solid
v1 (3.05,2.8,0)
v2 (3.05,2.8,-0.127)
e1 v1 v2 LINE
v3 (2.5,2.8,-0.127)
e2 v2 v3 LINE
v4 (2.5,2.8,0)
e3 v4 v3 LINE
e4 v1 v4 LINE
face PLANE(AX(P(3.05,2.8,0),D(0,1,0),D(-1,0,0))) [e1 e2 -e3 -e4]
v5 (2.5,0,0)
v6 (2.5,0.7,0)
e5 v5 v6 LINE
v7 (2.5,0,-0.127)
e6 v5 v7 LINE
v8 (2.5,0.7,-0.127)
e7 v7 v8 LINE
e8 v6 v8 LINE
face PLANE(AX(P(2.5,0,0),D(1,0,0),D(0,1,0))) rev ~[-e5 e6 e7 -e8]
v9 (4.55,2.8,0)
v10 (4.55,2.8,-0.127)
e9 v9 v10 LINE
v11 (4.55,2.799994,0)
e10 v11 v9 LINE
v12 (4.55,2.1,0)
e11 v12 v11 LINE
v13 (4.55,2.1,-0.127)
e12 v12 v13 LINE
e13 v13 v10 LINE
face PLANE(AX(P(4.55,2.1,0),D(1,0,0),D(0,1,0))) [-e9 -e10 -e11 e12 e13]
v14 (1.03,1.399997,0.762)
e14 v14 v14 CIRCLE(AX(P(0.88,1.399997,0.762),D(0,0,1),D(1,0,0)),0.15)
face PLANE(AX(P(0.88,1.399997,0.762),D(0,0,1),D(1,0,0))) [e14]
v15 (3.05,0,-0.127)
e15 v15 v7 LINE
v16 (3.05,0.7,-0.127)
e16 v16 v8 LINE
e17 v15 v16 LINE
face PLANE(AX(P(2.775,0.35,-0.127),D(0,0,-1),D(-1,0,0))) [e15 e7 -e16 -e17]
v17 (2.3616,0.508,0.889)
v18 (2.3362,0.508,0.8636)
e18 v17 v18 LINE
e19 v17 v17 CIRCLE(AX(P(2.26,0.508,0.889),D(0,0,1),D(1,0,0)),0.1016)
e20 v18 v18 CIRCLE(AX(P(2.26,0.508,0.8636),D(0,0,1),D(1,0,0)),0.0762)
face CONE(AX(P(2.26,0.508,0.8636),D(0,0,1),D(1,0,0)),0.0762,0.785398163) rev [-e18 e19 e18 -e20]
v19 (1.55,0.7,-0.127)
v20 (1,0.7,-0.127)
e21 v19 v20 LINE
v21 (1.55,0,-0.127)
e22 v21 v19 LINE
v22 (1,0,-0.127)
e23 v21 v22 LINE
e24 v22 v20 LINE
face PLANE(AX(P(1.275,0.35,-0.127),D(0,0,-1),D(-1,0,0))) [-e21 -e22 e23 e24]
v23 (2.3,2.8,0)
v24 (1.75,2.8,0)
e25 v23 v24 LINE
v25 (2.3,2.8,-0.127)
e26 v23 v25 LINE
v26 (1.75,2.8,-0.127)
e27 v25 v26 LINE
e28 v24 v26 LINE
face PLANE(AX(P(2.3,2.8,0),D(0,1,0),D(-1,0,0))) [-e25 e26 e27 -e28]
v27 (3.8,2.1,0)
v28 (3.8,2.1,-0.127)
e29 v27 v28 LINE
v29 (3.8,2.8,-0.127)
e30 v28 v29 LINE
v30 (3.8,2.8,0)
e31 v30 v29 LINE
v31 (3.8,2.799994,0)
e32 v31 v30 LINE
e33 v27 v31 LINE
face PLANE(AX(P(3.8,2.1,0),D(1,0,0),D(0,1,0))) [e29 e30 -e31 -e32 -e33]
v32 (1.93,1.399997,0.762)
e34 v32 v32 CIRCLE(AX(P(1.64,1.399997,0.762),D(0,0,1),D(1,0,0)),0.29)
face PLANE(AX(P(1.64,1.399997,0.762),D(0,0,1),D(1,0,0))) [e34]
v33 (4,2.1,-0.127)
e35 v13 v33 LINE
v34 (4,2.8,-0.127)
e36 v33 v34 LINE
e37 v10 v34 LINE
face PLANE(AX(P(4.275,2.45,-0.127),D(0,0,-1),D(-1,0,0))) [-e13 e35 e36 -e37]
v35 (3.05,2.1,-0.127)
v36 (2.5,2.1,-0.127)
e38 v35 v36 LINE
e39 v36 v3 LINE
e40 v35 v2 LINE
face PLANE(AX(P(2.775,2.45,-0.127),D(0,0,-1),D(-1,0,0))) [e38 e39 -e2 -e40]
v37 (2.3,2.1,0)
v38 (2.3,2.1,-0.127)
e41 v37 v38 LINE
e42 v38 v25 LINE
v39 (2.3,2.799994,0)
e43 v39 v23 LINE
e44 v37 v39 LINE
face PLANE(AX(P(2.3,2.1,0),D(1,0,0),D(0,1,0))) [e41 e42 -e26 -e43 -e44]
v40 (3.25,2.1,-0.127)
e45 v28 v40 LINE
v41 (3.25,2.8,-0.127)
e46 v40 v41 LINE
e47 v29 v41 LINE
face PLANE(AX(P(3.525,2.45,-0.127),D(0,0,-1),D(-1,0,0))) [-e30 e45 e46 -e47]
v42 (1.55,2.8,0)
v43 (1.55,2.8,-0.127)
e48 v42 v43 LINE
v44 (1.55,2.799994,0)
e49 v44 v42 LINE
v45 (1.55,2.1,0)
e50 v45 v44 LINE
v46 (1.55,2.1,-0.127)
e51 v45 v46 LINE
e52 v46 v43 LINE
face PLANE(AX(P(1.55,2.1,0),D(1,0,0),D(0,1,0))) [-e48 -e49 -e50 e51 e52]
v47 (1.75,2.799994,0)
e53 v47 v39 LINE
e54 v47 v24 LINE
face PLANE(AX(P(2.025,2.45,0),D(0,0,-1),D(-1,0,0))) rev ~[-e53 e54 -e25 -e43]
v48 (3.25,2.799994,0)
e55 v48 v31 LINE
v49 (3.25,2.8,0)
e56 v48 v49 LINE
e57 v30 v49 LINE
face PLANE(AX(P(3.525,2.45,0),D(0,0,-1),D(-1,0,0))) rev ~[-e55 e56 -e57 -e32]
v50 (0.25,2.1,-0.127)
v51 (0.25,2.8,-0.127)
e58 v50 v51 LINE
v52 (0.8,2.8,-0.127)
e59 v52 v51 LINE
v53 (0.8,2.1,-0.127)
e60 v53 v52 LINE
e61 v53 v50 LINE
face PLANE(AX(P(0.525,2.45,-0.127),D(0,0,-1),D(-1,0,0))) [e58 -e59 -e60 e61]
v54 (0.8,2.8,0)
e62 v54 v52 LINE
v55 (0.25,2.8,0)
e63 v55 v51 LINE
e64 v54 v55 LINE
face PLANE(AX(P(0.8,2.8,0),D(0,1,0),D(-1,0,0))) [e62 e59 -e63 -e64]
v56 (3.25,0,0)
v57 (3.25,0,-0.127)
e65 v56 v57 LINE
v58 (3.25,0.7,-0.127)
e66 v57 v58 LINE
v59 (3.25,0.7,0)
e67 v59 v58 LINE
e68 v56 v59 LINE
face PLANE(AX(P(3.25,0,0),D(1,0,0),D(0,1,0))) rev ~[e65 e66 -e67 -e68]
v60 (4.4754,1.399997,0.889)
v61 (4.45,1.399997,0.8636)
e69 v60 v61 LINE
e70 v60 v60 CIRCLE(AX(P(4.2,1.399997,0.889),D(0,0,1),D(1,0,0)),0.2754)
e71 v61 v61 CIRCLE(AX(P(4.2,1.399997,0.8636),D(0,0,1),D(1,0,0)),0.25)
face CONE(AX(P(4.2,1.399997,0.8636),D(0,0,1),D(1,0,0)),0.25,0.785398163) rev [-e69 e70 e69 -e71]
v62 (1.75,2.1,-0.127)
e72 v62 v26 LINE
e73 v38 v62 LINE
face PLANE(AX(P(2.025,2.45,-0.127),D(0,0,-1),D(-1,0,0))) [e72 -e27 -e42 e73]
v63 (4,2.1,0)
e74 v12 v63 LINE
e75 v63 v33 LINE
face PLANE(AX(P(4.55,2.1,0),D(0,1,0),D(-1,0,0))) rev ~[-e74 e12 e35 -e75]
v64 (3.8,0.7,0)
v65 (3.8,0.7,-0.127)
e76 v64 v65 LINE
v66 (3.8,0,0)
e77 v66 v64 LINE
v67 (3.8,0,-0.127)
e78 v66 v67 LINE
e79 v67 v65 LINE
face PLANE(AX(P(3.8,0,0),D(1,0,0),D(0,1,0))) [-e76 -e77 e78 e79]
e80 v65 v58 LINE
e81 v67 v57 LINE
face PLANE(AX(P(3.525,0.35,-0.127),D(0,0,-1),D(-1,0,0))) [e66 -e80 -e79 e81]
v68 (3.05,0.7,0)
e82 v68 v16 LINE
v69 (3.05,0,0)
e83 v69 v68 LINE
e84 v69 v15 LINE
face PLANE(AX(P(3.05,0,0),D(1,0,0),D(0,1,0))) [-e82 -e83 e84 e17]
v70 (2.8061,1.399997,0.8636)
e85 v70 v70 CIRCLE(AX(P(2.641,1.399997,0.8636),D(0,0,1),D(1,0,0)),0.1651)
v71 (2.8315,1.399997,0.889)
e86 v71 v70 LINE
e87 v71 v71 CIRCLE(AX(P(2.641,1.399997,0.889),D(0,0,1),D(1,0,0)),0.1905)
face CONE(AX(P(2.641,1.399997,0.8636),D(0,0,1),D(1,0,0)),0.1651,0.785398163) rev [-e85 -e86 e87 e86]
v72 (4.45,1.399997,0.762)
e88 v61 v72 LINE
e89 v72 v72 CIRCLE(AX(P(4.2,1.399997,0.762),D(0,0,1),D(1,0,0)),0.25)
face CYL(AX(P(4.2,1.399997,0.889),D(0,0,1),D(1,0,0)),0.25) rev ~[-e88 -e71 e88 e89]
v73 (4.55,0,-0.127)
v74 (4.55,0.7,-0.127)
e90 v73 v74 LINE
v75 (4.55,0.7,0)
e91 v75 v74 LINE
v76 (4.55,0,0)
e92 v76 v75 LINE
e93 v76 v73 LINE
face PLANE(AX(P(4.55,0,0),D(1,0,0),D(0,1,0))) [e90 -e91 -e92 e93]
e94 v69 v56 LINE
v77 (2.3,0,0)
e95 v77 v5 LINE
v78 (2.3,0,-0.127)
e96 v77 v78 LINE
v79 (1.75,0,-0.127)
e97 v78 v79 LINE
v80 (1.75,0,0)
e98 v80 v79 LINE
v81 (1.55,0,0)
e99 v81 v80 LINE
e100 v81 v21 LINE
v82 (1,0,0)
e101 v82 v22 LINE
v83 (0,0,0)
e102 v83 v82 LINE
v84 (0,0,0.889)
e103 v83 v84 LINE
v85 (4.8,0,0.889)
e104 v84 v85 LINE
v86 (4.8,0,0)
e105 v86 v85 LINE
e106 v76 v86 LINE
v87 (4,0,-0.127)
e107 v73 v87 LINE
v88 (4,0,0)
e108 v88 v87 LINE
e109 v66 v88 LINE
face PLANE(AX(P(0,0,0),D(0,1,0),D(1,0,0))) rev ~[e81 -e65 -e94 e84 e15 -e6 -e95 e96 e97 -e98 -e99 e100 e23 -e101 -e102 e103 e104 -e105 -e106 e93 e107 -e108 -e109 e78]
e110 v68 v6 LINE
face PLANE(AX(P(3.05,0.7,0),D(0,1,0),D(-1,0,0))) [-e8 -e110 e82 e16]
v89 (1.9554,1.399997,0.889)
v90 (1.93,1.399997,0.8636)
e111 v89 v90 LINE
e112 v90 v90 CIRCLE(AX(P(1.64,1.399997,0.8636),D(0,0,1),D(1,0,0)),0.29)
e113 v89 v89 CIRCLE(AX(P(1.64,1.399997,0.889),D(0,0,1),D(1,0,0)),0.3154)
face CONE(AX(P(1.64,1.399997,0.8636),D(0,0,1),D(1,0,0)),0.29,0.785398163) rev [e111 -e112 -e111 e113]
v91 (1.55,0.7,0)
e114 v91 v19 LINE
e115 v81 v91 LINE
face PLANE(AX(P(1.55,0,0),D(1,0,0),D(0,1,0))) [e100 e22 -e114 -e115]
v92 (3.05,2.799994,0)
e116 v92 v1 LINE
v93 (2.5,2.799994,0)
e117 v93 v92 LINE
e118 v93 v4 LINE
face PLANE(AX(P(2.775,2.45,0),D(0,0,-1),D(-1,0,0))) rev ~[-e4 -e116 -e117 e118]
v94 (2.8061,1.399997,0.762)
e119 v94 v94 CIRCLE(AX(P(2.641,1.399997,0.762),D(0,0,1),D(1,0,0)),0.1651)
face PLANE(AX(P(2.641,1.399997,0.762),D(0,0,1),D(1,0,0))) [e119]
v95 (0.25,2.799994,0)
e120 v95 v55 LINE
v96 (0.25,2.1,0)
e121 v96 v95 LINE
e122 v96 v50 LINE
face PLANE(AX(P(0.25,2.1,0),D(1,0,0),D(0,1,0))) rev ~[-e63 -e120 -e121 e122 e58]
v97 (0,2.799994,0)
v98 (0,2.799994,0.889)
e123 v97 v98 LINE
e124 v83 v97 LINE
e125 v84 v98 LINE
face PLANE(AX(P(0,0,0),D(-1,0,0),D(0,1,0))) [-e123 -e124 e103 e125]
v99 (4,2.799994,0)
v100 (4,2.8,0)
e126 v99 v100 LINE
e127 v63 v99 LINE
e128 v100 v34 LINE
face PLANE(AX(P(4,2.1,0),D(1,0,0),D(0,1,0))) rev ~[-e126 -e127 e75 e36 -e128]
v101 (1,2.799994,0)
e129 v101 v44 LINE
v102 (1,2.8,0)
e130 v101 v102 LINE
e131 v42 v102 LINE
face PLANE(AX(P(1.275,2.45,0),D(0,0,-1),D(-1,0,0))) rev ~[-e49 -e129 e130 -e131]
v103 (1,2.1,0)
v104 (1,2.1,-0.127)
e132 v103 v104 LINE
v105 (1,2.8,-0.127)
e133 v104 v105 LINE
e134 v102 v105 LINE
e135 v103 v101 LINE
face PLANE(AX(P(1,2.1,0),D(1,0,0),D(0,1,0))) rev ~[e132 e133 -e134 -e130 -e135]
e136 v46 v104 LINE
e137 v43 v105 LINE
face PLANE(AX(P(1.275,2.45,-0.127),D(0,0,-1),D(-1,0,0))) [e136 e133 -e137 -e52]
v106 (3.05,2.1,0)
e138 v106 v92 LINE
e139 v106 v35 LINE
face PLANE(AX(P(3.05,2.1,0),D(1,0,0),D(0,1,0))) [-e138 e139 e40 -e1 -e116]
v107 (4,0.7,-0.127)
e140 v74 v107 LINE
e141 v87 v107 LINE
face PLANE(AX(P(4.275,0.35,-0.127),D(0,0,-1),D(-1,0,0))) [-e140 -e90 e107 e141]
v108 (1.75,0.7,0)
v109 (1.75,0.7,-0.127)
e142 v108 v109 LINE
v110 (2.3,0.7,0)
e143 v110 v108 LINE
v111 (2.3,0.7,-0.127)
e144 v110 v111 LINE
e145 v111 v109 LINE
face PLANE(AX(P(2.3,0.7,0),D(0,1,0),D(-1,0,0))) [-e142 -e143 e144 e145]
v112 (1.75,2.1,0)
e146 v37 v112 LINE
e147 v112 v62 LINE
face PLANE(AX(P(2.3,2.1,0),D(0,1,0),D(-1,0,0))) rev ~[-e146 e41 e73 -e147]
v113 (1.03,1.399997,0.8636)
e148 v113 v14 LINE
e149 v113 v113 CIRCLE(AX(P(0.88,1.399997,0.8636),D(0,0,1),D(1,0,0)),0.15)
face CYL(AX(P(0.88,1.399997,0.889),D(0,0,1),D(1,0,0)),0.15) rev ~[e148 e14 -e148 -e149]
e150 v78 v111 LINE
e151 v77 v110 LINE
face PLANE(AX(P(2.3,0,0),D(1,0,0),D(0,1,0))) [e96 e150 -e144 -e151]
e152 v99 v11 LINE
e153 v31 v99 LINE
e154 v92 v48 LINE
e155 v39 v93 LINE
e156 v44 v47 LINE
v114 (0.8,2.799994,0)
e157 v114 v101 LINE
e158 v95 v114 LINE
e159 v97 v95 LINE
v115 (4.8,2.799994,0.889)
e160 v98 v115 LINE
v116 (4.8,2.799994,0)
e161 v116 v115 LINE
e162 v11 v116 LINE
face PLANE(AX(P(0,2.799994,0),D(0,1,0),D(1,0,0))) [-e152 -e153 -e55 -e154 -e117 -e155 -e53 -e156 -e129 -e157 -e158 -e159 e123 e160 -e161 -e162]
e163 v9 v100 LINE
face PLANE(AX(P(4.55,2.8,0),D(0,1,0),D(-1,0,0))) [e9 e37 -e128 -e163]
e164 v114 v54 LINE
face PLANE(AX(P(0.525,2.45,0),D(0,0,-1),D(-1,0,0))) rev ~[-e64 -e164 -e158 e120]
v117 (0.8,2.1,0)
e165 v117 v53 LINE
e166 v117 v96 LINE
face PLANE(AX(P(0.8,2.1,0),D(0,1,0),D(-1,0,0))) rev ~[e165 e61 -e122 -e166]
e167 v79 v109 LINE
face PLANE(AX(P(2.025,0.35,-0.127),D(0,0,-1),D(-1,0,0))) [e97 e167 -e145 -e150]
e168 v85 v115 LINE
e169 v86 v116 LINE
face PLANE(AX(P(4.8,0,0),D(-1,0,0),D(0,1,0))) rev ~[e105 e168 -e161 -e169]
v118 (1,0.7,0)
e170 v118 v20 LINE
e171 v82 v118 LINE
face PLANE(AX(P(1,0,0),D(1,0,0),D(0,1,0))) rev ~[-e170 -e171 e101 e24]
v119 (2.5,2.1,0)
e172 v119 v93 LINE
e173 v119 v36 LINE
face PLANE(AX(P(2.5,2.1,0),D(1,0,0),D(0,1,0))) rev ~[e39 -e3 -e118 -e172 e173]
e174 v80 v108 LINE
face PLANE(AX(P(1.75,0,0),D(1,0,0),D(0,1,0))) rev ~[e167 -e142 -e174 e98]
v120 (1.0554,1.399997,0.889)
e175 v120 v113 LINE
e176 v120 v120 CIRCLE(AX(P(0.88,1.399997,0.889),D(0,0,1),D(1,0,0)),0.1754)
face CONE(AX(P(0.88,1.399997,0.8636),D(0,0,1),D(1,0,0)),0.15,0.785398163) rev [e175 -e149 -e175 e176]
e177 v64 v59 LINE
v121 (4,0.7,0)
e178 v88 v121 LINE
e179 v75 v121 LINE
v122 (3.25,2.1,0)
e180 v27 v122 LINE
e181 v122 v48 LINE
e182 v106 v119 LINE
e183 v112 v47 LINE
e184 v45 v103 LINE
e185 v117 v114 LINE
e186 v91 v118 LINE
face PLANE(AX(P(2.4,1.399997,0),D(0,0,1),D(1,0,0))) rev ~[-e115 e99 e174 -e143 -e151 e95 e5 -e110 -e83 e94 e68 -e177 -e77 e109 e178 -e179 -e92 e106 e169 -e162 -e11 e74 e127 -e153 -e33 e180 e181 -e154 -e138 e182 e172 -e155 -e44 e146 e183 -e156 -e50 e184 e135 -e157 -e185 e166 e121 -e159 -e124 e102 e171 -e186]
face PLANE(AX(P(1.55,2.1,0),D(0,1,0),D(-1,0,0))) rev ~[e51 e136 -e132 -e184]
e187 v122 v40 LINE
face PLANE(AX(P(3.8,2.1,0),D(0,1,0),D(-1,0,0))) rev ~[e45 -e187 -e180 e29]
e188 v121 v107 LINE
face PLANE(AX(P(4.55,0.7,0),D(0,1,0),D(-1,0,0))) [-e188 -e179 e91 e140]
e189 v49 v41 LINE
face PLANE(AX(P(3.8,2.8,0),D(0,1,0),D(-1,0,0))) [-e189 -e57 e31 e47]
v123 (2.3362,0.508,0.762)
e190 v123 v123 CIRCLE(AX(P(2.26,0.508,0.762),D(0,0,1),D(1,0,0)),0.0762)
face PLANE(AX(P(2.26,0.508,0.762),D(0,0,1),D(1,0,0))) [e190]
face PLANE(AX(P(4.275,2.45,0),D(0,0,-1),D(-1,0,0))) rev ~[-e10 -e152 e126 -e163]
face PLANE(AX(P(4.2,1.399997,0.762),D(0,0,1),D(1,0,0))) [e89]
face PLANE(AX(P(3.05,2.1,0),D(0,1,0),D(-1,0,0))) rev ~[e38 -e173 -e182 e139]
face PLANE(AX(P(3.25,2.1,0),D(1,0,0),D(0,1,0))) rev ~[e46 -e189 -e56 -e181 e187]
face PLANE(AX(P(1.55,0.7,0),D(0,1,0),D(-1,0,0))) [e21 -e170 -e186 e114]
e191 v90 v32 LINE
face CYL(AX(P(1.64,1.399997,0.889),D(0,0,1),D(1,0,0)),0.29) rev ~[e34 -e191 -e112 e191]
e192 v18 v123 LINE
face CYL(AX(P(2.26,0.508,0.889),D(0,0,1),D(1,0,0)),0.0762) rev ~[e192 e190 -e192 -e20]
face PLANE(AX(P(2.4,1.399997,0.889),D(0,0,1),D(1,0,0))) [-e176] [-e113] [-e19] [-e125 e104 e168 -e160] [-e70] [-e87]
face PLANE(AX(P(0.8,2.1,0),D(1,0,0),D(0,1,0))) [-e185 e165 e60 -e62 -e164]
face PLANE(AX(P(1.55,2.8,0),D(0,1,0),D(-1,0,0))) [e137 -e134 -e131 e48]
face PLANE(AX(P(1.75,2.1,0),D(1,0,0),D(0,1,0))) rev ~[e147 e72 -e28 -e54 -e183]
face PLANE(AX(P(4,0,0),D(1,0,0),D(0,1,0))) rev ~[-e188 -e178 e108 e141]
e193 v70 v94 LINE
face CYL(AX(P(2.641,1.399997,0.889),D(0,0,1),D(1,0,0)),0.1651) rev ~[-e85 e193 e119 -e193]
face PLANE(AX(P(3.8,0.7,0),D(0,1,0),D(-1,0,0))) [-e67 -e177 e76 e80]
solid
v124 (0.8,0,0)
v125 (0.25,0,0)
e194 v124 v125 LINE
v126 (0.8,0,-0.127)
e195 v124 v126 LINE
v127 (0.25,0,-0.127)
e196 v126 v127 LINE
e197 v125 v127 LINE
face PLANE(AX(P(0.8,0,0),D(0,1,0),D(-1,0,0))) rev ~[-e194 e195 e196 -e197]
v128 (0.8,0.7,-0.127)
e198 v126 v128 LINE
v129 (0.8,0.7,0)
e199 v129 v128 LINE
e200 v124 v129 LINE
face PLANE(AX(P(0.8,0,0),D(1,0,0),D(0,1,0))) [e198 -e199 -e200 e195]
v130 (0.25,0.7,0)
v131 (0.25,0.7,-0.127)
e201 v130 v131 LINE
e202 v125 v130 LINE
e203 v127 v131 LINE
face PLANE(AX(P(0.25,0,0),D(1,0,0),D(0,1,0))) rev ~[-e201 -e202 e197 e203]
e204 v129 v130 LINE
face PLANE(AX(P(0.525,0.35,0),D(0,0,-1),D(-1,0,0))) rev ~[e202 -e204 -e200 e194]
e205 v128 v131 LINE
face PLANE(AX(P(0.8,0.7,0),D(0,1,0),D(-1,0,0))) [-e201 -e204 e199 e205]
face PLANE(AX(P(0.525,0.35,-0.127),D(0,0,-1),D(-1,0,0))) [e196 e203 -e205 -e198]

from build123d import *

# Parameters (mm, degrees)
SKETCH1_W            = 4.8
SKETCH1_H            = 2.7999944
BOSS_EXTRUDE3_DEPTH  = 0.889
SKETCH5_R            = 0.15
SKETCH5_R_2          = 0.29
SKETCH5_R_3          = 0.1651
SKETCH5_R_4          = 0.0762
SKETCH5_R_5          = 0.25
CUT_EXTRUDE2_DEPTH   = 0.127
CHAMFER2_SIZE        = 0.0254
SKETCH6_W            = 0.55
SKETCH6_H            = 0.7
BOSS_EXTRUDE4_DEPTH  = 0.127
LPATTERN1_COUNT      = 6
LPATTERN1_PITCH      = 0.75
LPATTERN1_COUNT_DIR2 = 2
LPATTERN1_PITCH_DIR2 = 2.1


with BuildPart() as part:
    # Sketch1 → Boss-Extrude3 (new body)
    with BuildSketch(Plane.XY):
        with Locations((2.4, 1.3999972)):
            Rectangle(SKETCH1_W, SKETCH1_H)
    extrude(amount=BOSS_EXTRUDE3_DEPTH)

    # Sketch5 → Cut-Extrude2 (cut)
    with BuildSketch(Plane.XY.offset(0.889)):
        with Locations((0.88, 1.3999972)):
            Circle(SKETCH5_R)
        with Locations((1.64, 1.3999972)):
            Circle(SKETCH5_R_2)
        with Locations((2.641, 1.3999972)):
            Circle(SKETCH5_R_3)
        with Locations((2.26, 0.508)):
            Circle(SKETCH5_R_4)
        with Locations((4.2, 1.3999972)):
            Circle(SKETCH5_R_5)
    extrude(amount=-CUT_EXTRUDE2_DEPTH, mode=Mode.SUBTRACT)

    # Chamfer2
    chamfer2_edges = [part.edges().sort_by_distance(p)[0] for p in [
        (0.73, 1.3999972, 0.889),
        (1.35, 1.3999972, 0.889),
        (2.4759, 1.3999972, 0.889),
        (2.1838, 0.508, 0.889),
        (3.95, 1.3999972, 0.889),
    ]]
    chamfer(chamfer2_edges, length=CHAMFER2_SIZE)


with BuildPart() as body_2:
    # Sketch6 → Boss-Extrude4 (new body)
    with BuildSketch(Plane(origin=(0, 0, 0), x_dir=(-1, 0, 0), z_dir=(0, 0, -1))):
        with Locations((-0.525, 0.35)):
            Rectangle(SKETCH6_W, SKETCH6_H)
    boss_extrude4 = extrude(amount=BOSS_EXTRUDE4_DEPTH)


with BuildPart() as part_1:
    add(part.part)

    # LPattern1: Boss-Extrude4 6 × 2
    with Locations(*[(i * LPATTERN1_PITCH, j * LPATTERN1_PITCH_DIR2, 0) for i in range(LPATTERN1_COUNT) for j in range(LPATTERN1_COUNT_DIR2) if (i, j) != (0, 0)]):
        add(boss_extrude4)


solid = Compound([body_2.part, part_1.part])
